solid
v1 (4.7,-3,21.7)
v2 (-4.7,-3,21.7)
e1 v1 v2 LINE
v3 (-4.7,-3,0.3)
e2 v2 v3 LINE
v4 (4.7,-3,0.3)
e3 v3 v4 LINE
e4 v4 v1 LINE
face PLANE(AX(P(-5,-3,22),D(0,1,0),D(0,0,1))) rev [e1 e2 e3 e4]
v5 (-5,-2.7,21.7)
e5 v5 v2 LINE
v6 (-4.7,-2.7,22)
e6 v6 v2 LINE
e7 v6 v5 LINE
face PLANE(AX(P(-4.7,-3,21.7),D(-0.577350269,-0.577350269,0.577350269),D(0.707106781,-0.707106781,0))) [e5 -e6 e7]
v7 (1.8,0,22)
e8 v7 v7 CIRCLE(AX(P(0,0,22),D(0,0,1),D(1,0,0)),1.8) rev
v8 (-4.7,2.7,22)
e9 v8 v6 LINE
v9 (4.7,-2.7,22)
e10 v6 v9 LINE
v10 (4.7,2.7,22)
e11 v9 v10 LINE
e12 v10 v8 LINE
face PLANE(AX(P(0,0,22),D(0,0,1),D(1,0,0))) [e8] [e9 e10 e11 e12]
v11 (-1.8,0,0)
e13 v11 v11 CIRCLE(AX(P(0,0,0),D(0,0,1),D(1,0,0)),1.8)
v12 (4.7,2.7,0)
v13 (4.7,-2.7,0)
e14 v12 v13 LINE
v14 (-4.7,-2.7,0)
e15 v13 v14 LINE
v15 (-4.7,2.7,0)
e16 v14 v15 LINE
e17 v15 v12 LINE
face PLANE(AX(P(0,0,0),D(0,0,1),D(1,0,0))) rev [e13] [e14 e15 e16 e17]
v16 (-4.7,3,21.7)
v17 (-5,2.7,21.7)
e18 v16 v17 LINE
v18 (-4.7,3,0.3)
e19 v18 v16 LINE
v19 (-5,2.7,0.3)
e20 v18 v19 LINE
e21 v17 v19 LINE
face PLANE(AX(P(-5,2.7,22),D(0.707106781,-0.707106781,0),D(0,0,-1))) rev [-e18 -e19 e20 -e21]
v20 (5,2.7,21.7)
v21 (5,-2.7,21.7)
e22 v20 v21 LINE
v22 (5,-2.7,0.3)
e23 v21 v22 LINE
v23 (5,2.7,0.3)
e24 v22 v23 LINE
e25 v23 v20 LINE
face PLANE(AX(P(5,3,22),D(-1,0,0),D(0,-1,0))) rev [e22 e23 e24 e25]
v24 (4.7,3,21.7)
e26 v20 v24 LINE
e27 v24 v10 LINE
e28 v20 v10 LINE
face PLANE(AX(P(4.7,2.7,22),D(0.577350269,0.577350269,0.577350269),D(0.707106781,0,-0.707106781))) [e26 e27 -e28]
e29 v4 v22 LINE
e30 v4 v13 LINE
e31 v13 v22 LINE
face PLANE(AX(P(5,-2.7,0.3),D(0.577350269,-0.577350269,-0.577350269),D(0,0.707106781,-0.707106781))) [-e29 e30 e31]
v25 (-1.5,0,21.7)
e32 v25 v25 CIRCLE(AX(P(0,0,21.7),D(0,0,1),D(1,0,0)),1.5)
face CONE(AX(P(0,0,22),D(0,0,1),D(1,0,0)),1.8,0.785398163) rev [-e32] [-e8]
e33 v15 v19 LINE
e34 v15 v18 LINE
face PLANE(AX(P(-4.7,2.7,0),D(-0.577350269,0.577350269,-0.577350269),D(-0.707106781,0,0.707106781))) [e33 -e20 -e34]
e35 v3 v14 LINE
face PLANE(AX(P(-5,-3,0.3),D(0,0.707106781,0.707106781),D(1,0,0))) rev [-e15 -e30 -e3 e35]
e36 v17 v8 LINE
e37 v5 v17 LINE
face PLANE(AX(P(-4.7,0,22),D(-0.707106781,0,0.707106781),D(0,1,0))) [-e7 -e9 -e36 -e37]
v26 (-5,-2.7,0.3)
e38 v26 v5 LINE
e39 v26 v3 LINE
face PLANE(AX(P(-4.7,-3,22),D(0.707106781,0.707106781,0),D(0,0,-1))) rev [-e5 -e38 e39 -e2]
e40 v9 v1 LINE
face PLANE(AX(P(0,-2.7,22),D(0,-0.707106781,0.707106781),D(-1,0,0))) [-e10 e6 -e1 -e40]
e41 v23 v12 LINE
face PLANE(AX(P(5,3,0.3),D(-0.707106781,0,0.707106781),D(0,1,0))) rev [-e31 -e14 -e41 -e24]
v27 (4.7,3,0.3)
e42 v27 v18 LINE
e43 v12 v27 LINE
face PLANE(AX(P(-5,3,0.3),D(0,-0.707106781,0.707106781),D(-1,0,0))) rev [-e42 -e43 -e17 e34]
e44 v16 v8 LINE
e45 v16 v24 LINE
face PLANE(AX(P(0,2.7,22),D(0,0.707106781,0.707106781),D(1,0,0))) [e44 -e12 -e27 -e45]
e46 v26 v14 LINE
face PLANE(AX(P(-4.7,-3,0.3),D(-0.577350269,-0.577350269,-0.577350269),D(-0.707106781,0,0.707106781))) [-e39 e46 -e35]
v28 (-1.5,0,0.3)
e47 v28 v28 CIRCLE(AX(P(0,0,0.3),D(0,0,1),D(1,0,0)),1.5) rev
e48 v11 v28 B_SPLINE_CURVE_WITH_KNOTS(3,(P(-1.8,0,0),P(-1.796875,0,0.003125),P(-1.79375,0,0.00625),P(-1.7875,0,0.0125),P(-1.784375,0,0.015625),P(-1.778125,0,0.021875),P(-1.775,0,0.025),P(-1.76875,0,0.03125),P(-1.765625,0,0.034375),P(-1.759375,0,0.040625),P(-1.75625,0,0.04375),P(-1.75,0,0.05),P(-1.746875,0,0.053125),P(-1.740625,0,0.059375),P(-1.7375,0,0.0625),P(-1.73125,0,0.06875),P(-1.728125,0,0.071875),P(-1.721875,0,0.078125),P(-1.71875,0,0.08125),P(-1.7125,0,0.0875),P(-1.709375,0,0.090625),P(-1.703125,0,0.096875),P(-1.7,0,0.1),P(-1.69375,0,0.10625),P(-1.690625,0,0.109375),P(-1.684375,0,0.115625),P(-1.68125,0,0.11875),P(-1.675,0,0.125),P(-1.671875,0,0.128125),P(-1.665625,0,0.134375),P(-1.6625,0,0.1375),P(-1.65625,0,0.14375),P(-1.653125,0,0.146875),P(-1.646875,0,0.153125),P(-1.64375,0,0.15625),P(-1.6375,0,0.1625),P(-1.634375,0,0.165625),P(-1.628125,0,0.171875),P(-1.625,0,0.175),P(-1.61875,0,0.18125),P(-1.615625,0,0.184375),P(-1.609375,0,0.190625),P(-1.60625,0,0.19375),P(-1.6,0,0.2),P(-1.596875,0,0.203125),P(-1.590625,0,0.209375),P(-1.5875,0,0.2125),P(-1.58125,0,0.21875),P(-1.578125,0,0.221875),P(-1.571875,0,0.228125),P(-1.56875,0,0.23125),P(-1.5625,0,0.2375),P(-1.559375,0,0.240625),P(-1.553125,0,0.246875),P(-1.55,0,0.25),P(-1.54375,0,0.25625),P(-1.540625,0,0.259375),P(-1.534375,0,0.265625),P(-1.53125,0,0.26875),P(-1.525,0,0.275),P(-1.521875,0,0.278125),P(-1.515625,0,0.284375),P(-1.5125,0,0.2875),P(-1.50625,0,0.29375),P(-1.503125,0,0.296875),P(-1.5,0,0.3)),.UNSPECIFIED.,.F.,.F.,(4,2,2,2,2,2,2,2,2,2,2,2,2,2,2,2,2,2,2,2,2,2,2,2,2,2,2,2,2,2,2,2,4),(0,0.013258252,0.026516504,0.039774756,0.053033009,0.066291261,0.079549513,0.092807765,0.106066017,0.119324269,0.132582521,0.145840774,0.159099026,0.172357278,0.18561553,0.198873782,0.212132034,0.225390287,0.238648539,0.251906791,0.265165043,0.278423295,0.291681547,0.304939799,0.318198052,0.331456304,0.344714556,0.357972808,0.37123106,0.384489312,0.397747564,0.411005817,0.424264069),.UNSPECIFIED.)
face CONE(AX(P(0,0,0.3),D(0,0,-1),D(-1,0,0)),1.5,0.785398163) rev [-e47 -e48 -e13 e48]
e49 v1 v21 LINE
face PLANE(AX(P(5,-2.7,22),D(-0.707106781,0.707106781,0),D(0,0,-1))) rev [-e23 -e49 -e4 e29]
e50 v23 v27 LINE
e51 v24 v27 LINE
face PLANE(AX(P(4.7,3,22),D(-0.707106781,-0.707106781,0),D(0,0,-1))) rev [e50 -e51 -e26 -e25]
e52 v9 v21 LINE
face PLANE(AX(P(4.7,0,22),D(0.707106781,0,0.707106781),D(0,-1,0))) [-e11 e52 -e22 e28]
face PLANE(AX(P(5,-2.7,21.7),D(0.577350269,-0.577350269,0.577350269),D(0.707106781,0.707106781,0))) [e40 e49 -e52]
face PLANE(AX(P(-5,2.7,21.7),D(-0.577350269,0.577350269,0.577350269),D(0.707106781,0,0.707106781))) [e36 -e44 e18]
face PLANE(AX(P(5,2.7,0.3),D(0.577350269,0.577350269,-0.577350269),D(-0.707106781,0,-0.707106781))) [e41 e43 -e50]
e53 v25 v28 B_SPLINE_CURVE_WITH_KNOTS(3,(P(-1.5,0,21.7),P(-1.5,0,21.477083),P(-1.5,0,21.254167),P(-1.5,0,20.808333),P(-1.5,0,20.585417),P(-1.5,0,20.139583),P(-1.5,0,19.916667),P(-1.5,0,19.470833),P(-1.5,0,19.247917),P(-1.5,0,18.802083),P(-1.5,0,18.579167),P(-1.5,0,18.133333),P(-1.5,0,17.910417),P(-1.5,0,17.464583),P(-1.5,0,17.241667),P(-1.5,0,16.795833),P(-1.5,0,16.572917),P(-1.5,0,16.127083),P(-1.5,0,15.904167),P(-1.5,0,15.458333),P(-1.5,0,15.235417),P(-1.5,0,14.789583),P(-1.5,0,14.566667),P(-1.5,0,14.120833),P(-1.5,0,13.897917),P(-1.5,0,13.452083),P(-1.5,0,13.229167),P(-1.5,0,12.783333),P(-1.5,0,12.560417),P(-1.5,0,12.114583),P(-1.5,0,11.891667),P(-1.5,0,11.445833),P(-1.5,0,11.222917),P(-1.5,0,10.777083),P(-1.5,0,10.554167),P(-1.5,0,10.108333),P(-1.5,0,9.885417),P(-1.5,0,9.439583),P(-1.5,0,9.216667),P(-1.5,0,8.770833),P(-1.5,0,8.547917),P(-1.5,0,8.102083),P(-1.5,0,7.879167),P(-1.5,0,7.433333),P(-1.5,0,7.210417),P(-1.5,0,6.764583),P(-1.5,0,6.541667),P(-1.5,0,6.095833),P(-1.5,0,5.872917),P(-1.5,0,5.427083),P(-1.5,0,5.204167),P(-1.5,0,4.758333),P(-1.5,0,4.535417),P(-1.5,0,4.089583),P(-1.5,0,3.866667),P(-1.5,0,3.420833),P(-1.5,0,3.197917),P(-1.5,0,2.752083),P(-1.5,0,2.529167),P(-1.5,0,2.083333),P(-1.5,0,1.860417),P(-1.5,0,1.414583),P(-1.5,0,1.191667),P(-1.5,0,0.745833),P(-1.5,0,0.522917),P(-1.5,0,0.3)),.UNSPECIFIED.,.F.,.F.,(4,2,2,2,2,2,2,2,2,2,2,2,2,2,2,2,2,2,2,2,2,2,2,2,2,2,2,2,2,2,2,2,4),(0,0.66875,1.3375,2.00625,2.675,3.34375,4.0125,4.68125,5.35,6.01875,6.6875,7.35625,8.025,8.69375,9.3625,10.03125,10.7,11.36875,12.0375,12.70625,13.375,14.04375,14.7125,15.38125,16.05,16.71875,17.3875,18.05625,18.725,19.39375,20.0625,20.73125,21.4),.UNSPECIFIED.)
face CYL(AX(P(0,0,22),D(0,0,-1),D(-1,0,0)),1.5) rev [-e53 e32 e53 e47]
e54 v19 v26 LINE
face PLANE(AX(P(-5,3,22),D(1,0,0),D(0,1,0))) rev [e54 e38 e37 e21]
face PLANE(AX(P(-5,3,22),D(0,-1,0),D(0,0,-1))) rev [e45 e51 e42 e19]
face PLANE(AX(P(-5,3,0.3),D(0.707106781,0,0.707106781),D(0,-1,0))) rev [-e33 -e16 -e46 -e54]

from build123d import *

# Parameters (mm, degrees)
SKETCH_1_W          = 10
SKETCH_1_H          = 6
EXTRUDE_1_DEPTH     = 22
SKETCH_3_R          = 1.5
CUT_EXTRUDE_1_DEPTH = 23.759613353
CHAMFER_1_SIZE      = 0.3


with BuildPart() as part:
    # 草图1 → 凸台-拉伸1 (new body)
    with BuildSketch(Plane.XY):
        Rectangle(SKETCH_1_W, SKETCH_1_H)
    extrude(amount=EXTRUDE_1_DEPTH)

    # 草图3 → 切除-拉伸1 (cut, through all)
    with BuildSketch(Plane(origin=(0, 0, 0), x_dir=(-1, 0, 0), z_dir=(0, 0, -1))):
        Circle(SKETCH_3_R)
    extrude(amount=-CUT_EXTRUDE_1_DEPTH, mode=Mode.SUBTRACT)

    # 倒角1
    chamfer_1_edges = [part.edges().sort_by_distance(p)[0] for p in [
        (-5, 0, 22),
        (1.5, 0, 22),
        (1.5, 0, 0),
        (0, -3, 22),
        (5, 0, 22),
        (0, -3, 0),
        (-5, 0, 0),
        (0, 3, 0),
        (5, 0, 0),
        (5, -3, 11),
        (-5, -3, 11),
        (-5, 3, 11),
        (5, 3, 11),
        (0, 3, 22),
    ]]
    chamfer(chamfer_1_edges, length=CHAMFER_1_SIZE)


solid = part.part
